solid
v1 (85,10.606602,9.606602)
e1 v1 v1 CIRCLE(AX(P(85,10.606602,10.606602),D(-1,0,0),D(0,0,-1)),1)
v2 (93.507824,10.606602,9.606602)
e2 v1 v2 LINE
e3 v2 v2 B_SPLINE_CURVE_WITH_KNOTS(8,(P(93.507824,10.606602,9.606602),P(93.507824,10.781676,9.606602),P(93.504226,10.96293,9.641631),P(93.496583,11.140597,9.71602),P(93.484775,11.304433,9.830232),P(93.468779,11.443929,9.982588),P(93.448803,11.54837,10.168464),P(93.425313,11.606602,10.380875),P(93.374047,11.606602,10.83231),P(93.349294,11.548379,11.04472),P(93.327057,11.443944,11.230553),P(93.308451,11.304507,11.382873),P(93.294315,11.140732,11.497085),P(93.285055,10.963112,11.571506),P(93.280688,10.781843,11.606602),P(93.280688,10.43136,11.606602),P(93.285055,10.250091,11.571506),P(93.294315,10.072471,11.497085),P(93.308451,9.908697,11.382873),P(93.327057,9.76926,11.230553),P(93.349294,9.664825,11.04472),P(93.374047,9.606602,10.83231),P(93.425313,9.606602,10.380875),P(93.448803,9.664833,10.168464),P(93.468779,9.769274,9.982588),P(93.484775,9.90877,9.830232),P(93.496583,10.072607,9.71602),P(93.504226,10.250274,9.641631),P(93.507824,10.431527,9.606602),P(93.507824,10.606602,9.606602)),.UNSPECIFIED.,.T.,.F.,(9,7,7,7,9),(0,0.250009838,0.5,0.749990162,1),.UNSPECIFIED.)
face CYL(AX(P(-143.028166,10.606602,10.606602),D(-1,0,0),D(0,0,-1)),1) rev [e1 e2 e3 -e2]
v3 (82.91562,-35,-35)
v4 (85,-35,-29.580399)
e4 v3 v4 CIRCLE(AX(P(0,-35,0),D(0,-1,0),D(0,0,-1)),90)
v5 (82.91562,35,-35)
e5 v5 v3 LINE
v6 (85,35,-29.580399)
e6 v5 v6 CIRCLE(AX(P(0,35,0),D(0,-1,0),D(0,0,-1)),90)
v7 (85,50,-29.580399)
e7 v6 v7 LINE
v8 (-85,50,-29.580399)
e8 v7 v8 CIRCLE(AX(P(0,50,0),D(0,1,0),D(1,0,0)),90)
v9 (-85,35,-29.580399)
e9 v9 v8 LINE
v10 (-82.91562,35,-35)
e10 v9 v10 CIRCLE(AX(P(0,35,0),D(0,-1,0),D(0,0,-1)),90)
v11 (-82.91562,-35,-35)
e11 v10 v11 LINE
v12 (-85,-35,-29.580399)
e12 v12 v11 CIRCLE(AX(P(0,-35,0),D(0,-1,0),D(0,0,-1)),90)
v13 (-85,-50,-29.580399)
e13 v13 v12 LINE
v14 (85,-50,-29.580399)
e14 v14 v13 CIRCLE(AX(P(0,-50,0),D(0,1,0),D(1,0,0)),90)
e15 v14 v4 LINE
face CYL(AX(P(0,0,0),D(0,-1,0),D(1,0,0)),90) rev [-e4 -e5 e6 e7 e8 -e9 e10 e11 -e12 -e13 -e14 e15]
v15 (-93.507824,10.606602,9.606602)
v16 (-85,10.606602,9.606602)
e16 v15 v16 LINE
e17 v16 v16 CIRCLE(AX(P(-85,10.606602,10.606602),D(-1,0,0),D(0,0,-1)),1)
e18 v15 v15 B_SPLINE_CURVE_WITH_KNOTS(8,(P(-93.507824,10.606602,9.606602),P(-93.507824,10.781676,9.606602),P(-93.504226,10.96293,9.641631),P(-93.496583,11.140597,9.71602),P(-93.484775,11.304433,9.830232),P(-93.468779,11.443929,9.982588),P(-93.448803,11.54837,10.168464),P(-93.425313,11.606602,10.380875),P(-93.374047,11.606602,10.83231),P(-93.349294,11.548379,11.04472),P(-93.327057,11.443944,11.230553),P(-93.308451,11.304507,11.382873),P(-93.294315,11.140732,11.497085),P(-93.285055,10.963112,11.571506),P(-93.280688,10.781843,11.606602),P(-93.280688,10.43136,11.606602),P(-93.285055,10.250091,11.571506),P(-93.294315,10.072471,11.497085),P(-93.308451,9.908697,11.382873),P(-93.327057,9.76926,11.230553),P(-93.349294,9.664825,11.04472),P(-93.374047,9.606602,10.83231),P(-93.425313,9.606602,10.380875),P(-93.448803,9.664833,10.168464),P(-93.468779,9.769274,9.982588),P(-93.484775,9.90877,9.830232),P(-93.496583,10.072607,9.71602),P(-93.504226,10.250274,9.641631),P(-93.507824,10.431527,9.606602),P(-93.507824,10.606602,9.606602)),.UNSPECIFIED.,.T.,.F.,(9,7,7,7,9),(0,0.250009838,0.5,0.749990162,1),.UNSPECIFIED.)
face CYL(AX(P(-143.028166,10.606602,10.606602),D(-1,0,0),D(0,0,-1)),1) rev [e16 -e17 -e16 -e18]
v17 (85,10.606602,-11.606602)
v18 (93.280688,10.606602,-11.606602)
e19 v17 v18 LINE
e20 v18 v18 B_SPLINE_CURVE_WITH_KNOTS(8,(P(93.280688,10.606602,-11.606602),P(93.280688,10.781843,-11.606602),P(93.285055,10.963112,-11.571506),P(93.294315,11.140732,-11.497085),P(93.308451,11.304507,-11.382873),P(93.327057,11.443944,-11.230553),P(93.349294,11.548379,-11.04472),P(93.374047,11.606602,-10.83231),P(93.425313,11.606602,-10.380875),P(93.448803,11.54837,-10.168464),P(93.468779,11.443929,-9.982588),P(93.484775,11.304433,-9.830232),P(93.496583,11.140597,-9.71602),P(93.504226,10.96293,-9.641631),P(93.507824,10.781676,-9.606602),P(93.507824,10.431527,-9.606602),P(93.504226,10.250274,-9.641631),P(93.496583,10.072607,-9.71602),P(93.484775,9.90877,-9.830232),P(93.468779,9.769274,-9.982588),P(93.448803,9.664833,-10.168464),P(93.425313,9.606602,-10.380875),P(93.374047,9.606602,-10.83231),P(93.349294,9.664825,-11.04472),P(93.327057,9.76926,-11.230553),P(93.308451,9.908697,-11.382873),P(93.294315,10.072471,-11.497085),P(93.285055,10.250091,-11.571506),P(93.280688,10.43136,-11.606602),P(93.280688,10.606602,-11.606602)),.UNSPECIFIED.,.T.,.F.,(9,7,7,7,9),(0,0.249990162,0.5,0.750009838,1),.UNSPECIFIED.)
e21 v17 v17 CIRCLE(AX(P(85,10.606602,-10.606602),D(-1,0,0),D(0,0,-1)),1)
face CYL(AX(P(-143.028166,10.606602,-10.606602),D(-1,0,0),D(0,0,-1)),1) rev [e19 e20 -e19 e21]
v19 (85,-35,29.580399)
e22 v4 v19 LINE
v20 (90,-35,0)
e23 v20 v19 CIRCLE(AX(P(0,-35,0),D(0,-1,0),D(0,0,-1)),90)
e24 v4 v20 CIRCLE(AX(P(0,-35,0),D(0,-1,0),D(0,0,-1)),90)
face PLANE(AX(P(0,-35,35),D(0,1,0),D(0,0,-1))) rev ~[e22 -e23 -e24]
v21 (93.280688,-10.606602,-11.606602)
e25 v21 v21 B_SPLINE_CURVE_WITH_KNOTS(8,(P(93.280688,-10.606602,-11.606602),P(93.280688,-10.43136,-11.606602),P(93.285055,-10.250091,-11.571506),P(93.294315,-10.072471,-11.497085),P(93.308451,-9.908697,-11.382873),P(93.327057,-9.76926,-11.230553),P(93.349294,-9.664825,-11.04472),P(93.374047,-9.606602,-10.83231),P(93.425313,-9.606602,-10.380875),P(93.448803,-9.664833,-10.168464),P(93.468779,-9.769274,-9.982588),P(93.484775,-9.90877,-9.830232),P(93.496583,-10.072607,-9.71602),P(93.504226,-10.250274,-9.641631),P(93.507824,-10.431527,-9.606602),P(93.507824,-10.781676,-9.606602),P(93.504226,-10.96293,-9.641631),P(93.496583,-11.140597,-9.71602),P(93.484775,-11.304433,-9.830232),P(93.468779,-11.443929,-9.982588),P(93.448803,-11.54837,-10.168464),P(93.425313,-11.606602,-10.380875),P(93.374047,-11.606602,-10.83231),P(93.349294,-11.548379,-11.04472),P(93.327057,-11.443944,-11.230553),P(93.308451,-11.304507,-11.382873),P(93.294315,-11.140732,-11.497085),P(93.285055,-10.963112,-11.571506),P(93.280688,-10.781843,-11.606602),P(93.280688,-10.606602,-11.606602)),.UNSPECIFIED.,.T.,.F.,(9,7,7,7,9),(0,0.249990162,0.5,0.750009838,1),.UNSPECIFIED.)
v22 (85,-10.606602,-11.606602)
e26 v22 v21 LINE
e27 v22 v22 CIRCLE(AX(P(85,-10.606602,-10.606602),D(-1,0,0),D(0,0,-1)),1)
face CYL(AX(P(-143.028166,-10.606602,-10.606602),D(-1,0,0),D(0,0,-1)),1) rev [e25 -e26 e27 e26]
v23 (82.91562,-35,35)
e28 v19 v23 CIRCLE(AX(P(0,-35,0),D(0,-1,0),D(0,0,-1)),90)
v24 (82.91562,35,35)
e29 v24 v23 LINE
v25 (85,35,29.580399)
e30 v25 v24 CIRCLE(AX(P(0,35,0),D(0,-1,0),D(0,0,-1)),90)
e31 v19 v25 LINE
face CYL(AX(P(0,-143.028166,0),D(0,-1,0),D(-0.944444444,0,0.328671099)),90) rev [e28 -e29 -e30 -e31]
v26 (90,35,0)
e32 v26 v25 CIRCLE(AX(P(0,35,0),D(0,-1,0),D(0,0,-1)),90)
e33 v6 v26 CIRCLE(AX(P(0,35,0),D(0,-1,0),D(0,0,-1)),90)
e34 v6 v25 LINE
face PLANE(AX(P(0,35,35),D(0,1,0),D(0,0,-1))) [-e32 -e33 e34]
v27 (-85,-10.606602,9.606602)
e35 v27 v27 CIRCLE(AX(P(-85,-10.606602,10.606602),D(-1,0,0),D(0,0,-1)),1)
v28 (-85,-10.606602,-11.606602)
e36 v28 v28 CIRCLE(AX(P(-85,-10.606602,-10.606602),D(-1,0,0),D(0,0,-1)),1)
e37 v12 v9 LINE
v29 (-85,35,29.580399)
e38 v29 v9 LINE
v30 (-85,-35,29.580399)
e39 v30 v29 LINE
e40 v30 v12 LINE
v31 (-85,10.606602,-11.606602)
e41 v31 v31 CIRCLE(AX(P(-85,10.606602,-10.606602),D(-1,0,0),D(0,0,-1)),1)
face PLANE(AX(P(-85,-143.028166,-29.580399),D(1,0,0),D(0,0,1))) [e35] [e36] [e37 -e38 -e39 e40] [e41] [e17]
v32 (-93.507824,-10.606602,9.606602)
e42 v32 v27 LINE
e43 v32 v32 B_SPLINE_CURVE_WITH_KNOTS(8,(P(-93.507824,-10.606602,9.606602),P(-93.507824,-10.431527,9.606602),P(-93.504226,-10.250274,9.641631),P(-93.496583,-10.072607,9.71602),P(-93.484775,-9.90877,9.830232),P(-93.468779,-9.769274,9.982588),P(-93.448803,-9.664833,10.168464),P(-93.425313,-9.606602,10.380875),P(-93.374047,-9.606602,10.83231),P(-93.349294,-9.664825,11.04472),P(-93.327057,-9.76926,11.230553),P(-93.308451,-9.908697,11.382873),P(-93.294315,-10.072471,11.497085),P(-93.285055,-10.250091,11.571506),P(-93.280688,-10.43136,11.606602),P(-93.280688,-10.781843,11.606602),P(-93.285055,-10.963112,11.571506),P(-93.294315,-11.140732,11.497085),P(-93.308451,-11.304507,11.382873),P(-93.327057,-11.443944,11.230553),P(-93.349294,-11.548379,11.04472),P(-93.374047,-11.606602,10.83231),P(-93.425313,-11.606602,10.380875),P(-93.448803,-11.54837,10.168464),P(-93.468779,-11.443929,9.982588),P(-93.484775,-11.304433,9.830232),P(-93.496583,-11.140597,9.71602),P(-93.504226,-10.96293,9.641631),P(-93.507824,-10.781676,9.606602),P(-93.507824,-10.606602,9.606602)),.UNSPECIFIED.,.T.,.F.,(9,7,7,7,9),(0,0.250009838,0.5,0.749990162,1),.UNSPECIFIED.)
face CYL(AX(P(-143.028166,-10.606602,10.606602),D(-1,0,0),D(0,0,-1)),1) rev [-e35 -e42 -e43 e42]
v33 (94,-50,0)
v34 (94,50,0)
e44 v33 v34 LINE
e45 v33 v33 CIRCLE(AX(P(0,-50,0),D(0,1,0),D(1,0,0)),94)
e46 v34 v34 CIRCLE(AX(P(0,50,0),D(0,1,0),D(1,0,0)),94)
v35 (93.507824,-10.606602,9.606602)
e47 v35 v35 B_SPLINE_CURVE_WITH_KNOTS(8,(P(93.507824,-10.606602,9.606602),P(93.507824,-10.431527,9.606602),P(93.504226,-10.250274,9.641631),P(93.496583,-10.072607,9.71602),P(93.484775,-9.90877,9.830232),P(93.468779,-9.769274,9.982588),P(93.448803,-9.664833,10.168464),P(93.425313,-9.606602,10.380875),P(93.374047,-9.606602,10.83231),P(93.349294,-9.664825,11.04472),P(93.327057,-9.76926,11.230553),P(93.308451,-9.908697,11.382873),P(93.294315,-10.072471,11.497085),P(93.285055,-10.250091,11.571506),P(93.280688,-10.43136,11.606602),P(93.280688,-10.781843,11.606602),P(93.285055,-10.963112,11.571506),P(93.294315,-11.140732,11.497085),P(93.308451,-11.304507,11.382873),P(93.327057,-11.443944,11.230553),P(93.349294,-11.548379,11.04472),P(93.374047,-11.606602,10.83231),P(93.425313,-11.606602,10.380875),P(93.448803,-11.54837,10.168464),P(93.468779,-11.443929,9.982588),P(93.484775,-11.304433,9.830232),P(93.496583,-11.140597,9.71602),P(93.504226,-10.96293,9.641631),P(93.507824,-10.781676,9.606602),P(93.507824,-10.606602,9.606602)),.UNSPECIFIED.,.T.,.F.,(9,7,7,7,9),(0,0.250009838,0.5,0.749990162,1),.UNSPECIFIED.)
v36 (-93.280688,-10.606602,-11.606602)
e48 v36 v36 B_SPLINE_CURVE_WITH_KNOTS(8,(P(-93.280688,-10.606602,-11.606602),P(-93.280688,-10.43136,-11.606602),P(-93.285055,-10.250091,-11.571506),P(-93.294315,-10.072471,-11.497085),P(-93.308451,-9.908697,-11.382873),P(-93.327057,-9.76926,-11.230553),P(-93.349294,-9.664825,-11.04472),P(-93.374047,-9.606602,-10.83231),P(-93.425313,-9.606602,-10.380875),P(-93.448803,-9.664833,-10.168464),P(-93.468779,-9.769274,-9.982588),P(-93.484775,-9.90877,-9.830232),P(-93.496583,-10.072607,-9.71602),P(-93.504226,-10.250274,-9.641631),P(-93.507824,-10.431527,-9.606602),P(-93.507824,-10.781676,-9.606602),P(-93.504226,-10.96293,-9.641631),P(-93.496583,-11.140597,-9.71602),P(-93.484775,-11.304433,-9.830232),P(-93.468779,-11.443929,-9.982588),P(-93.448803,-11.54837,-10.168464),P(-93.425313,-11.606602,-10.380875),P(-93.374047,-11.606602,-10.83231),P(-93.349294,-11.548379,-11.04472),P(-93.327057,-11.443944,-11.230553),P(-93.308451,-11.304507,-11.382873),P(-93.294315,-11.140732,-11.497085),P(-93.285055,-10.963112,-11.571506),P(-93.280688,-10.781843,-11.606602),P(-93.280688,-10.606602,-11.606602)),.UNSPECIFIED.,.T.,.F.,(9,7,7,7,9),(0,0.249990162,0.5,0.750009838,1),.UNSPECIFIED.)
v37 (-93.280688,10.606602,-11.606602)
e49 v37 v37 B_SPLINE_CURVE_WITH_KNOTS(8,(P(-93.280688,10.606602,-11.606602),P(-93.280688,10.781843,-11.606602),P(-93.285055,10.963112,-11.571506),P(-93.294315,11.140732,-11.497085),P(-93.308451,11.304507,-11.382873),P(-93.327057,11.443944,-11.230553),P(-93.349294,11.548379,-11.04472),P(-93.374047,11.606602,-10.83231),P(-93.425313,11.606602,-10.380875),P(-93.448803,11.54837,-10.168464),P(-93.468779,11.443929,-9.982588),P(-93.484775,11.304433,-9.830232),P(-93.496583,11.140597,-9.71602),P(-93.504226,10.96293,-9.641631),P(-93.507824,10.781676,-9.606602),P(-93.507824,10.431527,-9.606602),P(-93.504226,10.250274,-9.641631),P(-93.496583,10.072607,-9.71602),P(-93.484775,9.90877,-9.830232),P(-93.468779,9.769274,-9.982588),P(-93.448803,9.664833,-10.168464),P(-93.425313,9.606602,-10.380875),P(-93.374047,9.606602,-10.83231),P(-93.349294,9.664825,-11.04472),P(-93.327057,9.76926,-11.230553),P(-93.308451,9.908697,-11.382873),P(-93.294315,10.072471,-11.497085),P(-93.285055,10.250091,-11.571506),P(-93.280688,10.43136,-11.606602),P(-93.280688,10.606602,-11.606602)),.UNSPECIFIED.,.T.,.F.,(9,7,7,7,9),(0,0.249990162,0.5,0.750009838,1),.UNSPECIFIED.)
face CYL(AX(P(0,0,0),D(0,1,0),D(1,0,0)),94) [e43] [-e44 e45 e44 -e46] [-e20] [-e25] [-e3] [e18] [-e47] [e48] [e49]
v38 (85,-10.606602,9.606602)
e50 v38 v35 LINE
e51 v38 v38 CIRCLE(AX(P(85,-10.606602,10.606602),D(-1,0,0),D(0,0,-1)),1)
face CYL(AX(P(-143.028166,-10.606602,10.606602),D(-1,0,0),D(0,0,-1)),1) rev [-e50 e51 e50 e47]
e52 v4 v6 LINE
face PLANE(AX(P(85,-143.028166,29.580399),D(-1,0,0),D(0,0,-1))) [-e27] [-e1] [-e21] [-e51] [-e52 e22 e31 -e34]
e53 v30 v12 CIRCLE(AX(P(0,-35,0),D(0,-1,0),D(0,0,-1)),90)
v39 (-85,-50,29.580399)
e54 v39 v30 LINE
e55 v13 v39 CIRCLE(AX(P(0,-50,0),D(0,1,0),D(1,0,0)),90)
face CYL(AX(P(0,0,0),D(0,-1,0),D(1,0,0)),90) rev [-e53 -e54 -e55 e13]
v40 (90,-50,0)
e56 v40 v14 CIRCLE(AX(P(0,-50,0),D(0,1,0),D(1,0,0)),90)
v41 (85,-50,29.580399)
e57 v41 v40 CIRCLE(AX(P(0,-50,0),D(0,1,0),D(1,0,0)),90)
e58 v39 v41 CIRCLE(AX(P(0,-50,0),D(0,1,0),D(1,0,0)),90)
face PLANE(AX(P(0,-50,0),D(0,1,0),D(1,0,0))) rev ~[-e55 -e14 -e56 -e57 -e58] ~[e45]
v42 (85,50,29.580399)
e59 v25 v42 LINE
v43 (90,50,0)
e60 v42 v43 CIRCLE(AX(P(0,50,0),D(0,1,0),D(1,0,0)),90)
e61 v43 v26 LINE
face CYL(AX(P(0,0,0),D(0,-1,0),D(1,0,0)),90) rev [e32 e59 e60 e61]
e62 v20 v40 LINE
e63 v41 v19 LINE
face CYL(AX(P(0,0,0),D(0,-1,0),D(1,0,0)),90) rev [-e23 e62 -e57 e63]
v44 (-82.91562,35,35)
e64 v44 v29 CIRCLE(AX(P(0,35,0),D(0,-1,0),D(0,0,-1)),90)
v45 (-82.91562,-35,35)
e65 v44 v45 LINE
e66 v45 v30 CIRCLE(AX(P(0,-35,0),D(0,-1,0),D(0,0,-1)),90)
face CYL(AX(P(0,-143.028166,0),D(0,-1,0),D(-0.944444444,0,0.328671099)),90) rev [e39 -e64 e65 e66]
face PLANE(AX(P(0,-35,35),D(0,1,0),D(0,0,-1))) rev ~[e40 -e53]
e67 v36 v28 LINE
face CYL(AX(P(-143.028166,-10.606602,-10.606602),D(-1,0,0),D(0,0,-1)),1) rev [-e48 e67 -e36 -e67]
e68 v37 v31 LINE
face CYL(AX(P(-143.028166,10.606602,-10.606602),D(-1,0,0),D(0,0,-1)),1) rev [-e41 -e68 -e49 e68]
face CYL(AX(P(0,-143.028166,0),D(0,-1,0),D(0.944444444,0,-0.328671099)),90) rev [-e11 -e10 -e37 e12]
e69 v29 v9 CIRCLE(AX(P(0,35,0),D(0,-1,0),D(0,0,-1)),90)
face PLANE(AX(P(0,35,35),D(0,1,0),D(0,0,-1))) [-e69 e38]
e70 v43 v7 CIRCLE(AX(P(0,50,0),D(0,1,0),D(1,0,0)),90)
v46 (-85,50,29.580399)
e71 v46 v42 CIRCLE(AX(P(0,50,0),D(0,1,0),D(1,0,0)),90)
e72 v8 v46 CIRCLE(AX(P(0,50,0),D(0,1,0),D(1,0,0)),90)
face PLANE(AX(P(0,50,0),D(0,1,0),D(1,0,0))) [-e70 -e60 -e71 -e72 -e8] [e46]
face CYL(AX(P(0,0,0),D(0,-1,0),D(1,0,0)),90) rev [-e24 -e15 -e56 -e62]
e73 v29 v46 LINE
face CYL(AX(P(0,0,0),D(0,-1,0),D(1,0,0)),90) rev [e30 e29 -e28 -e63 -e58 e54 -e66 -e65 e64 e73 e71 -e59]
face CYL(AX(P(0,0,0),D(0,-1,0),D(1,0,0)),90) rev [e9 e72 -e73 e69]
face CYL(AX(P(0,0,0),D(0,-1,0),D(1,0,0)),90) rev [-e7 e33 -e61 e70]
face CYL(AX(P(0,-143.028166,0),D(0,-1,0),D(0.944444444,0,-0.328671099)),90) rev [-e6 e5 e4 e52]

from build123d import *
from build123d.topology import SkipClean

# Parameters (mm, degrees)
SKETCH1_R                            = 94
SKETCH1_R_2                          = 90
BOSS_EXTRUDE1_DEPTH                  = 50
BOSS_EXTRUDE2_REACH                  = 144.028
BOSS_EXTRUDE2_END_RADIUS             = 90
SKETCH2_W                            = 70
SKETCH2_H                            = 70
BOSS_EXTRUDE2_DIRECTION_2_REACH      = 144.028
BOSS_EXTRUDE2_DIRECTION_2_END_RADIUS = 90
CUT_EXTRUDE1_DEPTH                   = 143.028166221
CUT_EXTRUDE1_DEPTH_BACK              = 143.028166221
CUT_EXTRUDE3_DEPTH                   = 143.028166221
CUT_EXTRUDE3_DEPTH_BACK              = 143.028166221
SKETCH2_3_R                          = 1


with BuildPart() as part:
    # Sketch1 → Boss-Extrude1 (new, symmetric)
    with BuildSketch(Plane(origin=(0, 0, 0), x_dir=(1, 0, 0), z_dir=(0, 1, 0))):
        Circle(SKETCH1_R)
        Circle(SKETCH1_R_2, mode=Mode.SUBTRACT)
    extrude(amount=BOSS_EXTRUDE1_DEPTH, both=True)

    # Boss-Extrude2: up to this cylinder (the profile starts inside it)
    boss_extrude2_end = Plane(origin=(0, 0, 0), z_dir=(0, -1, 0)) * Cylinder(BOSS_EXTRUDE2_END_RADIUS, 469.056, mode=Mode.PRIVATE)
    # Sketch2 → Boss-Extrude2 (add, up to the surface)
    with BuildSketch(Plane(origin=(0, 0, 0), x_dir=(0, 0, -1), z_dir=(1, 0, 0)), mode=Mode.PRIVATE) as boss_extrude2_sk1:
        Rectangle(SKETCH2_W, SKETCH2_H)
    boss_extrude2_tool1 = extrude(boss_extrude2_sk1.sketch, amount=-BOSS_EXTRUDE2_REACH, mode=Mode.PRIVATE) & boss_extrude2_end
    add(boss_extrude2_tool1.solids().sort_by_distance((0, 0, 0))[0])

    # Boss-Extrude2 direction 2: up to this cylinder (the profile starts inside it)
    boss_extrude2_direction_2_end = Plane(origin=(0, 0, 0), z_dir=(0, -1, 0)) * Cylinder(BOSS_EXTRUDE2_DIRECTION_2_END_RADIUS, 469.056, mode=Mode.PRIVATE)
    # Sketch2 → Boss-Extrude2 direction 2 (add, up to the surface)
    with BuildSketch(Plane(origin=(0, 0, 0), x_dir=(0, 0, -1), z_dir=(1, 0, 0)), mode=Mode.PRIVATE) as boss_extrude2_direction_2_sk1:
        Rectangle(SKETCH2_W, SKETCH2_H)
    boss_extrude2_direction_2_tool1 = extrude(boss_extrude2_direction_2_sk1.sketch, amount=BOSS_EXTRUDE2_DIRECTION_2_REACH, mode=Mode.PRIVATE) & boss_extrude2_direction_2_end
    add(boss_extrude2_direction_2_tool1.solids().sort_by_distance((0, 0, 0))[0])

    # Sketch3 → Cut-Extrude1 (cut, two sides: drawn at the far end of the back side and taken through both)
    with SkipClean():  # the faces are left unmerged after this step: merging them gives an invalid solid
        with BuildSketch(Plane(origin=(0, 0, 0), x_dir=(1, 0, 0), z_dir=(0, 1, 0)).offset(-CUT_EXTRUDE1_DEPTH_BACK)):
            with BuildLine():
                Line((-85, 29.580398915), (-85, -29.580398915))
                ThreePointArc((-85, -29.580398915), (0, -90), (85, -29.580398915))
                Line((85, -29.580398915), (85, 29.580398915))
                ThreePointArc((85, 29.580398915), (0, 90), (-85, 29.580398915))
            make_face()
        extrude(amount=CUT_EXTRUDE1_DEPTH + CUT_EXTRUDE1_DEPTH_BACK, mode=Mode.SUBTRACT)

    # Sketch2<3> → Cut-Extrude3 (cut, two sides: drawn at the far end of the back side and taken through both)
    with SkipClean():  # the faces are left unmerged after this step: merging them gives an invalid solid
        with BuildSketch(Plane(origin=(0, 0, 0), x_dir=(0, 0, -1), z_dir=(1, 0, 0)).offset(-CUT_EXTRUDE3_DEPTH_BACK)):
            with Locations((10.606601718, 10.606601718)):
                Circle(SKETCH2_3_R)
            with Locations((-10.606601718, 10.606601718)):
                Circle(SKETCH2_3_R)
            with Locations((-10.606601718, -10.606601718)):
                Circle(SKETCH2_3_R)
            with Locations((10.606601718, -10.606601718)):
                Circle(SKETCH2_3_R)
        extrude(amount=CUT_EXTRUDE3_DEPTH + CUT_EXTRUDE3_DEPTH_BACK, mode=Mode.SUBTRACT)


solid = part.part
